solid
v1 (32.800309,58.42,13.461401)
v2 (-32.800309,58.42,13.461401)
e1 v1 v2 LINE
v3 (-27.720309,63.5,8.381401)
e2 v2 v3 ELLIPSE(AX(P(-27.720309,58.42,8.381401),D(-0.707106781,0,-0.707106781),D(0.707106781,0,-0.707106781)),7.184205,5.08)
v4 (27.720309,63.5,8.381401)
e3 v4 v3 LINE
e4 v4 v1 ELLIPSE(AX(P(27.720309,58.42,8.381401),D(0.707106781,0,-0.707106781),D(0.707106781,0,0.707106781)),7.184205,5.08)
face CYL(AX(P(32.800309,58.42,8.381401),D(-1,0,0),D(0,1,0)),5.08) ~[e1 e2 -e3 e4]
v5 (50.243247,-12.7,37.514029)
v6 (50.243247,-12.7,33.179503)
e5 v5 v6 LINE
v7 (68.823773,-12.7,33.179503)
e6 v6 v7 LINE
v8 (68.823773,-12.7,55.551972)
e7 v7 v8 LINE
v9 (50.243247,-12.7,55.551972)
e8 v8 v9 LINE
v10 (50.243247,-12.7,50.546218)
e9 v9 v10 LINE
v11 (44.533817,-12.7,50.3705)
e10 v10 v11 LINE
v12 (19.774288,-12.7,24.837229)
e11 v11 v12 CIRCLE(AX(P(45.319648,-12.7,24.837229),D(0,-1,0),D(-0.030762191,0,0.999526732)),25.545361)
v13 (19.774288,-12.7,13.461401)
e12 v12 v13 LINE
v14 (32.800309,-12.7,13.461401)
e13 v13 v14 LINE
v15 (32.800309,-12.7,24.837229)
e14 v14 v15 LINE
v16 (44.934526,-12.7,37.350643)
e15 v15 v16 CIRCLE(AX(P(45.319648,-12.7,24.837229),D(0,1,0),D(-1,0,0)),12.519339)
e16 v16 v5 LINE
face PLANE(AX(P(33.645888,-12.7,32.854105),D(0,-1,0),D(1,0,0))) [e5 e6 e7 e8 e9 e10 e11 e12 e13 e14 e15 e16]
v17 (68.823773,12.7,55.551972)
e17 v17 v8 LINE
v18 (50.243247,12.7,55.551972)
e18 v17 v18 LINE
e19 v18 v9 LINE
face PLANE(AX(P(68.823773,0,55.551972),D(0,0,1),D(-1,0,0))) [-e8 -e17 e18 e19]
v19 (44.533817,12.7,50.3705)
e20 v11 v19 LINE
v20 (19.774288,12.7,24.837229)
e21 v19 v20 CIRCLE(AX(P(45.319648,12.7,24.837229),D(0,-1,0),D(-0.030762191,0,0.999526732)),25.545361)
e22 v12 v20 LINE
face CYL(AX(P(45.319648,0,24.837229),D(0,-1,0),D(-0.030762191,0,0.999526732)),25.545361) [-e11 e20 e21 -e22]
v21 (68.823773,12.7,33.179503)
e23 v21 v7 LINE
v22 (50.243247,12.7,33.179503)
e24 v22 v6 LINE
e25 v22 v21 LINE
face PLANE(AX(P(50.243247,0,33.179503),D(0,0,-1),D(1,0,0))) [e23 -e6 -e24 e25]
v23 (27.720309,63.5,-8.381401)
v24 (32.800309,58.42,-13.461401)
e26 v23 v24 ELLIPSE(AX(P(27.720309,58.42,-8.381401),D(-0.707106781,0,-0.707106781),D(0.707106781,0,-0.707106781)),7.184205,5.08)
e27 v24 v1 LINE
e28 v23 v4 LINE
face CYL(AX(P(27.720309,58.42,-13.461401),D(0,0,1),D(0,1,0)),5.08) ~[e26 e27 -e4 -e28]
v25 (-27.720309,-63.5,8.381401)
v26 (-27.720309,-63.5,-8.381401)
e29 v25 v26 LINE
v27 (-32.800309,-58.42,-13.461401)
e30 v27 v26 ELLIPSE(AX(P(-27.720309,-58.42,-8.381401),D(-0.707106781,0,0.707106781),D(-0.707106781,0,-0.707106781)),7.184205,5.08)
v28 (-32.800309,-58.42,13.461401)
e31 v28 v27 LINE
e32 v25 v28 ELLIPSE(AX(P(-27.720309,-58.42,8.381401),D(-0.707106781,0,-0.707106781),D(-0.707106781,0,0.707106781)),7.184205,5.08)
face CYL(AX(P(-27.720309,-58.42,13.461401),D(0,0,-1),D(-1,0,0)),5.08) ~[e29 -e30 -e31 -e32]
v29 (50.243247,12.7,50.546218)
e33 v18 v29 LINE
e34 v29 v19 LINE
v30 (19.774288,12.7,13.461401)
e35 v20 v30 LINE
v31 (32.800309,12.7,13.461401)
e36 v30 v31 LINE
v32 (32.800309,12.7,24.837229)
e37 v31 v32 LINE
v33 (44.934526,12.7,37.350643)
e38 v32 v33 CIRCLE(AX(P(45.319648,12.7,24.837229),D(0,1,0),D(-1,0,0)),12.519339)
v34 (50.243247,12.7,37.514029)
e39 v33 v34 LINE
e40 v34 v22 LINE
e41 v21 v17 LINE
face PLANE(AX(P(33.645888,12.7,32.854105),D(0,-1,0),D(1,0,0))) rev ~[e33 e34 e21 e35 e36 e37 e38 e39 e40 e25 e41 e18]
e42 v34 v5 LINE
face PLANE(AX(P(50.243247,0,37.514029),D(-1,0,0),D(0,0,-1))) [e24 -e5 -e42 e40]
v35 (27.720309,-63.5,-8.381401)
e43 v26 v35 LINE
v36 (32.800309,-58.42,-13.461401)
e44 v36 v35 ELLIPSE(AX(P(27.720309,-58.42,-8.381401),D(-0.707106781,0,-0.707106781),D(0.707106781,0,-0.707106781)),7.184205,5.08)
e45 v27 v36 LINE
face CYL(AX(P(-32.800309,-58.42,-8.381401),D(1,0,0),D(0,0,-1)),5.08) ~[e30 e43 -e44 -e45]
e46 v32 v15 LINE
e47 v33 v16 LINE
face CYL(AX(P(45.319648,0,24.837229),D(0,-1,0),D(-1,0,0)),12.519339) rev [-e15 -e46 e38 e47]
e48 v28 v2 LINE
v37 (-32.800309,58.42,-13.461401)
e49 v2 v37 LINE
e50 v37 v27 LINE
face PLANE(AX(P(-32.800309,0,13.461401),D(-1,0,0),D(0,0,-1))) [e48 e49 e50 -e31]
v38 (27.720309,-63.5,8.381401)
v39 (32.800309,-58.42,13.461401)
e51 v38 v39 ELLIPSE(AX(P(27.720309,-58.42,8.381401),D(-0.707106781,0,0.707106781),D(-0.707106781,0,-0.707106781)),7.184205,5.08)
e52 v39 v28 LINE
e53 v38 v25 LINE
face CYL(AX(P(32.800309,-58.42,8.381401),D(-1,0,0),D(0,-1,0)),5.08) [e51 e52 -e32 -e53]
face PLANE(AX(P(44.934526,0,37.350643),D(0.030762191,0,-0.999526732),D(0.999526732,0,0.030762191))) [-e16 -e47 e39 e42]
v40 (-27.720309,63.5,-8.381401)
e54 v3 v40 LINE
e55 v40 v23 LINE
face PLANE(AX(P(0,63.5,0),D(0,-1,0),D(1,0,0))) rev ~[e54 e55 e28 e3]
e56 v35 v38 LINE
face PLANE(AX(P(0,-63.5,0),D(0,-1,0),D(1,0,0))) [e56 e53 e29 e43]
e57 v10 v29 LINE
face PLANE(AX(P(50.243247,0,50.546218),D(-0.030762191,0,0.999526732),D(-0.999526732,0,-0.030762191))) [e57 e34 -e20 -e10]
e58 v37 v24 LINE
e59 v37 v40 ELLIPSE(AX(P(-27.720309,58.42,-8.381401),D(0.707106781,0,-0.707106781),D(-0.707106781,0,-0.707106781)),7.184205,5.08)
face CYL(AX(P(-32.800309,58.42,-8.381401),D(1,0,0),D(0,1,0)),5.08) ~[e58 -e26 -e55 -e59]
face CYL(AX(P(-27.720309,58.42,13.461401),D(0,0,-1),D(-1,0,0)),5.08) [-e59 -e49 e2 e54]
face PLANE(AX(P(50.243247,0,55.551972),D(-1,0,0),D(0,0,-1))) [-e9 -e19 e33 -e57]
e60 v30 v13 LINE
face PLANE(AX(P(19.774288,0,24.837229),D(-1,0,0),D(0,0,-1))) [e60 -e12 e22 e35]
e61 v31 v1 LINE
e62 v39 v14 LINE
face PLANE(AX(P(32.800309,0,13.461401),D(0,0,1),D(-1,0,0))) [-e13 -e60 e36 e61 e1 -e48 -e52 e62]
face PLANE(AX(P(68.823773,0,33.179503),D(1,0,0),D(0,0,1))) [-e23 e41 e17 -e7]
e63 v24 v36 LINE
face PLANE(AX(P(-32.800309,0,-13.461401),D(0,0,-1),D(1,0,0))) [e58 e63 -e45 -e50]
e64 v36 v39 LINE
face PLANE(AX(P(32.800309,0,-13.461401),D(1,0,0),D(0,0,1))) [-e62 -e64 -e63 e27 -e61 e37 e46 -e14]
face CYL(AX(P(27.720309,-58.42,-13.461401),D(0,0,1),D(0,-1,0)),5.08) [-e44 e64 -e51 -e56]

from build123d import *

# Parameters (mm, degrees)
F1_DEPTH = 63.5
F2_DEPTH = 12.7
F3_R     = 5.08


with BuildPart() as f1:
    # F0 (on Front) → F1 (new body, symmetric)
    with BuildSketch(Plane.XZ):
        Polygon((19.77428763, 13.4614007547), (-32.80030936, 13.4614007547), (-32.80030936, -13.4614007547), (32.80030936, -13.4614007547), (32.80030936, 13.4614007547), align=None)
    extrude(amount=F1_DEPTH, both=True)

    # F0 (on Front) → F2 (join, symmetric)
    with BuildSketch(Plane.XZ):
        with BuildLine():
            Line((19.77428763, 24.8372294009), (19.77428763, 13.4614007547))
            Line((19.77428763, 13.4614007547), (32.80030936, 13.4614007547))
            Line((32.80030936, 13.4614007547), (32.80030936, 24.8372294009))
            ThreePointArc((32.80030936, 24.8372294009), (36.3320089212, 33.5525140508), (44.9345260859, 37.3506434262))
            Line((44.9345260859, 37.3506434262), (50.2432473004, 37.5140286498))
            Line((50.2432473004, 37.5140286498), (50.2432473004, 50.5462181007))
            Line((50.2432473004, 50.5462181007), (44.533817111, 50.3705003543))
            ThreePointArc((44.533817111, 50.3705003543), (26.9806216999, 42.6205237084), (19.77428763, 24.8372294009))
        make_face()
        Polygon((59.8447506625, 37.809531787), (50.2432473004, 37.5140286498), (50.2432473004, 33.1795029342), (59.9276782147, 33.1795029342), align=None)
        Polygon((59.5269692399, 55.5519722402), (59.8447506625, 37.809531787), (59.9276782147, 33.1795029342), (68.8237734139, 33.1795029342), (68.8237734139, 55.5519722402), align=None)
        Polygon((50.2432473004, 55.5519722402), (50.2432473004, 50.5462181007), (50.2432473004, 37.5140286498), (59.8447506625, 37.809531787), (59.5269692399, 55.5519722402), align=None)
    extrude(amount=F2_DEPTH, both=True)

    # F3
    f3_edges = [f1.edges().sort_by_distance(p)[0] for p in [
        (0, -63.5, 13.461401),
        (-32.800309, -63.5, 0),
        (0, -63.5, -13.461401),
        (32.800309, -63.5, 0),
        (-32.800309, 63.5, 0),
        (0, 63.5, -13.461401),
        (32.800309, 63.5, 0),
        (0, 63.5, 13.461401),
    ]]
    fillet(f3_edges, radius=F3_R)


solid = f1.part
